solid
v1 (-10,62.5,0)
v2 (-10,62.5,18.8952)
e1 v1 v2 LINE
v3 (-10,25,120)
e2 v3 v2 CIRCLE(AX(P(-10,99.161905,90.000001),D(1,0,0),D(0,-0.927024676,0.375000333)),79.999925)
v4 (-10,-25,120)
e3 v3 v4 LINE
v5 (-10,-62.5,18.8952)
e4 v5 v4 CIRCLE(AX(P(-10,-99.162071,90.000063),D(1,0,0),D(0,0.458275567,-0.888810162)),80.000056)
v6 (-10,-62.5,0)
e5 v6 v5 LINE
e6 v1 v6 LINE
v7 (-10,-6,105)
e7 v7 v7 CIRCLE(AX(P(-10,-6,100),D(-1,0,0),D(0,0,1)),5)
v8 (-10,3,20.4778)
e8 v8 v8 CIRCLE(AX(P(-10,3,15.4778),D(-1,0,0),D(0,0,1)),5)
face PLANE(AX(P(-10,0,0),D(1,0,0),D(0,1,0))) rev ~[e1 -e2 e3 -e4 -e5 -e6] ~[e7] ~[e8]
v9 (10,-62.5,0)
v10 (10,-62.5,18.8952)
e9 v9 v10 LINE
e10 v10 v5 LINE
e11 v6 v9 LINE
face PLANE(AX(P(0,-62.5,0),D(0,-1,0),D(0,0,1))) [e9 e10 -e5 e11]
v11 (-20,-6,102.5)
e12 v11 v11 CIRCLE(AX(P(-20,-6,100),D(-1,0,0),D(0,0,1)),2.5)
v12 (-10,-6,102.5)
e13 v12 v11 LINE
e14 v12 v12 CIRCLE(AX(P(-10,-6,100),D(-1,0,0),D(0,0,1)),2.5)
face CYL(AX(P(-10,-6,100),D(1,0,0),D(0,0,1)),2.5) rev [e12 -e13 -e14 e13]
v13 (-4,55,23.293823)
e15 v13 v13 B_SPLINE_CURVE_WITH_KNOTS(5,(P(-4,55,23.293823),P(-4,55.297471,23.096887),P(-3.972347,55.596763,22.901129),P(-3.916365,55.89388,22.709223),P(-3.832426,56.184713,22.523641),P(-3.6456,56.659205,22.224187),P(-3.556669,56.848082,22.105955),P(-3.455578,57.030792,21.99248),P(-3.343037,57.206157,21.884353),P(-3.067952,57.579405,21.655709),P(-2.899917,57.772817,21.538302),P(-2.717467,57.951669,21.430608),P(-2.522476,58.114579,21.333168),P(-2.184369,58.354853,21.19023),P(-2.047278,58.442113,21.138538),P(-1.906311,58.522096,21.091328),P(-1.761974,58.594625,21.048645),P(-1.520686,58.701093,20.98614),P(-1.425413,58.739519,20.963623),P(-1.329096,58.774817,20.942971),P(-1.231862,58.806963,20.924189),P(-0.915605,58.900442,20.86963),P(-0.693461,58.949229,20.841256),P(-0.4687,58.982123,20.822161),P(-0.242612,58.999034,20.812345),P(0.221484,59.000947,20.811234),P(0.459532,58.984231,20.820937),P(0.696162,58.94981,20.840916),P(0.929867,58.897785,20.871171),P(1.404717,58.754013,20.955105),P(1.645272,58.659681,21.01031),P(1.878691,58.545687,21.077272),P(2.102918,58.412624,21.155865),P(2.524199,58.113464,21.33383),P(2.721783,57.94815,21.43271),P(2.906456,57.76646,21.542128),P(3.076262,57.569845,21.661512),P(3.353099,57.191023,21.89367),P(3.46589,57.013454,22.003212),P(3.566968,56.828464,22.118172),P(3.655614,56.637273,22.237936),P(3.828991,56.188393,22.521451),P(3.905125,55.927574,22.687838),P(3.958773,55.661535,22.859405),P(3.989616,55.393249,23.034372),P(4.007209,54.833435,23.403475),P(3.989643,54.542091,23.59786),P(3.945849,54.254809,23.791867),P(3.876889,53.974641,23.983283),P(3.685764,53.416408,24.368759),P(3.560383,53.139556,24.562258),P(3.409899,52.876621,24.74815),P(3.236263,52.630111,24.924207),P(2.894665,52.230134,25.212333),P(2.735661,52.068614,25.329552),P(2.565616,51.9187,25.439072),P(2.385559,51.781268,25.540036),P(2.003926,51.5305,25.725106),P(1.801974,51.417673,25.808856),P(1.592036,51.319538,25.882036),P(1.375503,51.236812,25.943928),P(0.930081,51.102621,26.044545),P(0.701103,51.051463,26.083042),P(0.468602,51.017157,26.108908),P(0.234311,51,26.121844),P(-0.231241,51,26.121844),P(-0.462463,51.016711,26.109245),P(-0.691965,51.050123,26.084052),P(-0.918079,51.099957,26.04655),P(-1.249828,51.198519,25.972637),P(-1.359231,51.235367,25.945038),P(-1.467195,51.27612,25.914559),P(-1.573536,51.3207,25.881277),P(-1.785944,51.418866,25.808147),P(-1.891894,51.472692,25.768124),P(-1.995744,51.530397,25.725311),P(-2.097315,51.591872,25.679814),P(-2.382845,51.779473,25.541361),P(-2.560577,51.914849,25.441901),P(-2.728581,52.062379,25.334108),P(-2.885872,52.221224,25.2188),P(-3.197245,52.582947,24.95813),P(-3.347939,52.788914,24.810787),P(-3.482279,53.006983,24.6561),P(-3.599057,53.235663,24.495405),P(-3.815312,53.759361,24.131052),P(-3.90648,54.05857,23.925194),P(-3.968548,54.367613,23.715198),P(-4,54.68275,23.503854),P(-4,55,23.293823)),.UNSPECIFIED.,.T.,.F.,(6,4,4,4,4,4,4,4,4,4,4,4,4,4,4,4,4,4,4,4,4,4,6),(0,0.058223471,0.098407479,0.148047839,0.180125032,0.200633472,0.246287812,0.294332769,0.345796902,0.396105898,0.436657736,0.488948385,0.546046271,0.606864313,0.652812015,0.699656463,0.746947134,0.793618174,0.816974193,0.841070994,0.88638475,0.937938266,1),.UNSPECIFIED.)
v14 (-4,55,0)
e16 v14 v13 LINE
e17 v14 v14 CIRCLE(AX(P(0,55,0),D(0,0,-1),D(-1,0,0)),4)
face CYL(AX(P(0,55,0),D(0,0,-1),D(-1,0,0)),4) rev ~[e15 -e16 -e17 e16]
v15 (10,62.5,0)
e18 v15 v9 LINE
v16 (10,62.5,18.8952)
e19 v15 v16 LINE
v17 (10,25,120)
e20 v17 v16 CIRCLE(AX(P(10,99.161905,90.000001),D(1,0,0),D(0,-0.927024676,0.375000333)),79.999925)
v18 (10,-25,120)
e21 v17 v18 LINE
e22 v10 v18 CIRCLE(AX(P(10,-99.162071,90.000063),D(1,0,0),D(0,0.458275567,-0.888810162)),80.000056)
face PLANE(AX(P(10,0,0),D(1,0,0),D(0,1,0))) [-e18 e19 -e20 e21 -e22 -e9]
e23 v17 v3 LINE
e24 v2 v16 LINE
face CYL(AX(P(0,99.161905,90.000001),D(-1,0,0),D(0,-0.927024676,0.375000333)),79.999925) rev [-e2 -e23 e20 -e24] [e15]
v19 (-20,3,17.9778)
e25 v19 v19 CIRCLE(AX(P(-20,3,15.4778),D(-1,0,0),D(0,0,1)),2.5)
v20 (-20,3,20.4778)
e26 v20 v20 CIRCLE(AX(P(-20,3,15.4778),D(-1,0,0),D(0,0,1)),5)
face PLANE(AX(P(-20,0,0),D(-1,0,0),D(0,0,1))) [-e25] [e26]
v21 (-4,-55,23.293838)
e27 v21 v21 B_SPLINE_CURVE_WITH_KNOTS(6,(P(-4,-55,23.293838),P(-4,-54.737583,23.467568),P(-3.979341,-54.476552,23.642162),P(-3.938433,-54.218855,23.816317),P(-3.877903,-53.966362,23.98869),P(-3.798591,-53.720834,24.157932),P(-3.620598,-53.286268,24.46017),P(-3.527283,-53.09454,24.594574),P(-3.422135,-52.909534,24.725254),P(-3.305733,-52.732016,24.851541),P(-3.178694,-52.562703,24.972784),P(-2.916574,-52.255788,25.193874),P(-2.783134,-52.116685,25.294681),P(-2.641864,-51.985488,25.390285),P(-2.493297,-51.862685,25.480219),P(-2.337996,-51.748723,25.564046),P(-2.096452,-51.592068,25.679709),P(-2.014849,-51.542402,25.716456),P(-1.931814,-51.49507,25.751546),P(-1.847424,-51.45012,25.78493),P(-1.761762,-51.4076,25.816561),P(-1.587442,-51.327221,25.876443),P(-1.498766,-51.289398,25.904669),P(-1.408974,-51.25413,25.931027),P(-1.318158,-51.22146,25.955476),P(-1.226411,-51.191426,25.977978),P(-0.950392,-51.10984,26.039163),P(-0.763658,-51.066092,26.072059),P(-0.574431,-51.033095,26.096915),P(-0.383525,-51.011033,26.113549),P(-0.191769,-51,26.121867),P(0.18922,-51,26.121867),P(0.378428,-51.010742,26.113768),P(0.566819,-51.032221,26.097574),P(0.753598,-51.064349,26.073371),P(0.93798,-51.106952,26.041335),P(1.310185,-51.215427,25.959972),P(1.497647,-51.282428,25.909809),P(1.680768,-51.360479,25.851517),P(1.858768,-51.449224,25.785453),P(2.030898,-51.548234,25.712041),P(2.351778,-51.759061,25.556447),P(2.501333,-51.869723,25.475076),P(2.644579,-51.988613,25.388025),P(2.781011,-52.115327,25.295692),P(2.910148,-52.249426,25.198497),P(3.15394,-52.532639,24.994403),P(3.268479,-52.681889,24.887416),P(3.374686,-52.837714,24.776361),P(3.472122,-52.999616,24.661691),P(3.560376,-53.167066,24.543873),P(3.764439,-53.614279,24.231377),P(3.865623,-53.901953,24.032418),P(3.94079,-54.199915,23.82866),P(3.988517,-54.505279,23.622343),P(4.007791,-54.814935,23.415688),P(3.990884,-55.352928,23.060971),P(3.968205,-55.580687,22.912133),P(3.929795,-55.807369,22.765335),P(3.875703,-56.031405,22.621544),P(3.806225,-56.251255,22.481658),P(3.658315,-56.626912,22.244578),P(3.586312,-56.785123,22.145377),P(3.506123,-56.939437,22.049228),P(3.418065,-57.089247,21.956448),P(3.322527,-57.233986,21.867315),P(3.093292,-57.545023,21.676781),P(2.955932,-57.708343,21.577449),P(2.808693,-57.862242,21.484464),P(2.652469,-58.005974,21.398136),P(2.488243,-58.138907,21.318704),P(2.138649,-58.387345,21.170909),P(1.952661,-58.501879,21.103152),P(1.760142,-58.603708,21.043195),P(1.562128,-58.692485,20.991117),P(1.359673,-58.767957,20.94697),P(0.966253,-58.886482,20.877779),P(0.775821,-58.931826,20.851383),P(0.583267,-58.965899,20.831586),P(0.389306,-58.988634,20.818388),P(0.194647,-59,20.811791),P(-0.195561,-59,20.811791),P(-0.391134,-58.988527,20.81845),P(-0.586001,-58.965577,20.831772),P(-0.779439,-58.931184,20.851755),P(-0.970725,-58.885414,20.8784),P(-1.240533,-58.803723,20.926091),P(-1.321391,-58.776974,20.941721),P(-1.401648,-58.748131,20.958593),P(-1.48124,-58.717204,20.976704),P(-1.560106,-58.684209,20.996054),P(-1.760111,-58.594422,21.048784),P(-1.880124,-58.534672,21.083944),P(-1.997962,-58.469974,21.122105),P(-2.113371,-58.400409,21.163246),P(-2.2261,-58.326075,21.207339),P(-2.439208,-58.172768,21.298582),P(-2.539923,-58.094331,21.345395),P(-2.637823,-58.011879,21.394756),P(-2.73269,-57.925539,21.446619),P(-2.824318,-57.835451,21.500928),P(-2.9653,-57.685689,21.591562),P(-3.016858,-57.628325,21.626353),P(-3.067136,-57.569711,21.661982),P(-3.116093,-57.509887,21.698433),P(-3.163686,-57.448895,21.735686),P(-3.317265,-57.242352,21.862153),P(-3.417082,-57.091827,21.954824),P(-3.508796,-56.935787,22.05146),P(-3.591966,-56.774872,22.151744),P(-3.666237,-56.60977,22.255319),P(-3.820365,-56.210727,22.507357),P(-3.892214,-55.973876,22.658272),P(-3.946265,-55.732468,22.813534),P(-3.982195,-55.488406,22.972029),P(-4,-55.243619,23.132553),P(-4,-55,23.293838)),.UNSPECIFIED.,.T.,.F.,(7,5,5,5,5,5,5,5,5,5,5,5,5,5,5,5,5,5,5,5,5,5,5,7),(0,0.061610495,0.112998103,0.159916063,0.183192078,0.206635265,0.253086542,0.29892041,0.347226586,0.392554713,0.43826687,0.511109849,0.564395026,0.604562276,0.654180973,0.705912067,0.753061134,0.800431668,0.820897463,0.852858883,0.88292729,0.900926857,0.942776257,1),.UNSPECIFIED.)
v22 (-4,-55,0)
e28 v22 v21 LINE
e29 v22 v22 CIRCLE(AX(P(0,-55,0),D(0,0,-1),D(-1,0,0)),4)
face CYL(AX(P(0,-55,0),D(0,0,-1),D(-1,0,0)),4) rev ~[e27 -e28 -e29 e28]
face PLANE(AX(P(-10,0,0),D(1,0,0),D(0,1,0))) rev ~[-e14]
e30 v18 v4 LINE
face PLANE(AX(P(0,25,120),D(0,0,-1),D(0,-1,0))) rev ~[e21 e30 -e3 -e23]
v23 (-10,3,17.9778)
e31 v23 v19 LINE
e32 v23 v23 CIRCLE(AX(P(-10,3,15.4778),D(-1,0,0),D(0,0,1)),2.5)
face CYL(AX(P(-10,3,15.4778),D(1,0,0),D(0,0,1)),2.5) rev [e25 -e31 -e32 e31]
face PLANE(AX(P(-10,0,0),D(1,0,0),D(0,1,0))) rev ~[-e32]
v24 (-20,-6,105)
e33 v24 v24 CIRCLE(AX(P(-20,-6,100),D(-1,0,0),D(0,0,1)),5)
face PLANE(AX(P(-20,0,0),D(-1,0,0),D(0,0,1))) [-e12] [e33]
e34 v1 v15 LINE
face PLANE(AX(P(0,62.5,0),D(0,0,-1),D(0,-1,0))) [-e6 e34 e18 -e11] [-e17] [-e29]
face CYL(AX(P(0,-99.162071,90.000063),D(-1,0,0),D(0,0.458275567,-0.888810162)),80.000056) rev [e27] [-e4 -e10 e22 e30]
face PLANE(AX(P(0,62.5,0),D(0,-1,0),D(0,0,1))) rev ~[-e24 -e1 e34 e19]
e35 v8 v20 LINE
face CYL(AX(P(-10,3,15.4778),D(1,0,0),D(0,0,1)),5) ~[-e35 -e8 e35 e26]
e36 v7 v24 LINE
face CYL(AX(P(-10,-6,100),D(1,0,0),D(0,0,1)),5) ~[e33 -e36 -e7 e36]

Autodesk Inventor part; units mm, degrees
ref_plane "YZ Plane" through (0, 0, 0) normal (1, 0, 0) x (0, 1, 0)
ref_plane "XZ Plane" through (0, 0, 0) normal (0, 1, 0) x (-1, 0, 0)
ref_plane "XY Plane" through (0, 0, 0) normal (0, 0, 1) x (1, 0, 0)
sketch "Sketch1" plane through (0, 0, 0) normal (1, 0, 0) x (0, 1, 0)
  line L0 (0, 144) -> (0, -24) construction
  line L1 (-138.8268, 0) -> (138.8268, 0) construction
  line L2 (-62.5, 0) -> (-62.5, 18.8952)
  line L3 (62.5, 0) -> (62.5, 18.8952)
  line L4 (25, 120) -> (-25, 120)
  line L5 (62.5, 0) -> (-62.5, 0)
  arc A0 (25, 120) -> (62.5, 18.8952) centre (99.162, 90) ccw
  arc A1 (-62.5, 18.8952) -> (-25, 120) centre (-99.162, 90) ccw
  point P0 (0, 0)
  dimension "d0" = 120
  dimension "d1" = 125
  dimension "d3" = 50
  dimension "d4" = 80
  dimension "d6" = 90
extrude "Main Body" add sketch "Sketch1" along normal mid plane 20
sketch "Sketch2" plane through (10, 62.5, 0) normal (0, 0, -1) x (-1, 0, 0)
  line L0 (20, 0) -> (0, 0) projected
  line L1 (10, 0) -> (10, -125) construction
  line L2 (20, -125) -> (0, -125) projected
  line L3 (0, -37.5) -> (0, -87.5) projected
  line L4 (0, -62.5) -> (20, -62.5) construction
  line L5 (20, -87.5) -> (20, -37.5) projected
  circle A0 centre (10, -7.5) radius 4
  circle A1 centre (10, -117.5) radius 4
  point P0 (10, -62.5)
  dimension "d9" = 110
  dimension "d10" = 8
extrude "Upright Mount Holes" cut sketch "Sketch2" against normal through all
sketch "Sketch3" plane through (-10, 0, 0) normal (-1, 0, 0) x (0, 0, 1)
  line L0 (0, 87.5) -> (0, -87.5) construction
  line L1 (-24, 0) -> (144, 0) construction
  circle A0 centre (15.4778, 3) radius 5
  circle A1 centre (100, -6) radius 5
  line L2 (15.4778, 3) -> (100, -6) construction
  circle A2 centre (15.4778, 3) radius 2.5
  circle A3 centre (100, -6) radius 2.5
  point P0 (0, 0)
  dimension "d13" = 6
  dimension "d14" = 3
  dimension "d15" = 100
  dimension "d16" = 85
  dimension "d17" = 10
  dimension "d18" = 5
extrude "Extrusion3" add sketch "Sketch3" along normal blind 10
properties part number "Caliper Bracket Mount V2"
